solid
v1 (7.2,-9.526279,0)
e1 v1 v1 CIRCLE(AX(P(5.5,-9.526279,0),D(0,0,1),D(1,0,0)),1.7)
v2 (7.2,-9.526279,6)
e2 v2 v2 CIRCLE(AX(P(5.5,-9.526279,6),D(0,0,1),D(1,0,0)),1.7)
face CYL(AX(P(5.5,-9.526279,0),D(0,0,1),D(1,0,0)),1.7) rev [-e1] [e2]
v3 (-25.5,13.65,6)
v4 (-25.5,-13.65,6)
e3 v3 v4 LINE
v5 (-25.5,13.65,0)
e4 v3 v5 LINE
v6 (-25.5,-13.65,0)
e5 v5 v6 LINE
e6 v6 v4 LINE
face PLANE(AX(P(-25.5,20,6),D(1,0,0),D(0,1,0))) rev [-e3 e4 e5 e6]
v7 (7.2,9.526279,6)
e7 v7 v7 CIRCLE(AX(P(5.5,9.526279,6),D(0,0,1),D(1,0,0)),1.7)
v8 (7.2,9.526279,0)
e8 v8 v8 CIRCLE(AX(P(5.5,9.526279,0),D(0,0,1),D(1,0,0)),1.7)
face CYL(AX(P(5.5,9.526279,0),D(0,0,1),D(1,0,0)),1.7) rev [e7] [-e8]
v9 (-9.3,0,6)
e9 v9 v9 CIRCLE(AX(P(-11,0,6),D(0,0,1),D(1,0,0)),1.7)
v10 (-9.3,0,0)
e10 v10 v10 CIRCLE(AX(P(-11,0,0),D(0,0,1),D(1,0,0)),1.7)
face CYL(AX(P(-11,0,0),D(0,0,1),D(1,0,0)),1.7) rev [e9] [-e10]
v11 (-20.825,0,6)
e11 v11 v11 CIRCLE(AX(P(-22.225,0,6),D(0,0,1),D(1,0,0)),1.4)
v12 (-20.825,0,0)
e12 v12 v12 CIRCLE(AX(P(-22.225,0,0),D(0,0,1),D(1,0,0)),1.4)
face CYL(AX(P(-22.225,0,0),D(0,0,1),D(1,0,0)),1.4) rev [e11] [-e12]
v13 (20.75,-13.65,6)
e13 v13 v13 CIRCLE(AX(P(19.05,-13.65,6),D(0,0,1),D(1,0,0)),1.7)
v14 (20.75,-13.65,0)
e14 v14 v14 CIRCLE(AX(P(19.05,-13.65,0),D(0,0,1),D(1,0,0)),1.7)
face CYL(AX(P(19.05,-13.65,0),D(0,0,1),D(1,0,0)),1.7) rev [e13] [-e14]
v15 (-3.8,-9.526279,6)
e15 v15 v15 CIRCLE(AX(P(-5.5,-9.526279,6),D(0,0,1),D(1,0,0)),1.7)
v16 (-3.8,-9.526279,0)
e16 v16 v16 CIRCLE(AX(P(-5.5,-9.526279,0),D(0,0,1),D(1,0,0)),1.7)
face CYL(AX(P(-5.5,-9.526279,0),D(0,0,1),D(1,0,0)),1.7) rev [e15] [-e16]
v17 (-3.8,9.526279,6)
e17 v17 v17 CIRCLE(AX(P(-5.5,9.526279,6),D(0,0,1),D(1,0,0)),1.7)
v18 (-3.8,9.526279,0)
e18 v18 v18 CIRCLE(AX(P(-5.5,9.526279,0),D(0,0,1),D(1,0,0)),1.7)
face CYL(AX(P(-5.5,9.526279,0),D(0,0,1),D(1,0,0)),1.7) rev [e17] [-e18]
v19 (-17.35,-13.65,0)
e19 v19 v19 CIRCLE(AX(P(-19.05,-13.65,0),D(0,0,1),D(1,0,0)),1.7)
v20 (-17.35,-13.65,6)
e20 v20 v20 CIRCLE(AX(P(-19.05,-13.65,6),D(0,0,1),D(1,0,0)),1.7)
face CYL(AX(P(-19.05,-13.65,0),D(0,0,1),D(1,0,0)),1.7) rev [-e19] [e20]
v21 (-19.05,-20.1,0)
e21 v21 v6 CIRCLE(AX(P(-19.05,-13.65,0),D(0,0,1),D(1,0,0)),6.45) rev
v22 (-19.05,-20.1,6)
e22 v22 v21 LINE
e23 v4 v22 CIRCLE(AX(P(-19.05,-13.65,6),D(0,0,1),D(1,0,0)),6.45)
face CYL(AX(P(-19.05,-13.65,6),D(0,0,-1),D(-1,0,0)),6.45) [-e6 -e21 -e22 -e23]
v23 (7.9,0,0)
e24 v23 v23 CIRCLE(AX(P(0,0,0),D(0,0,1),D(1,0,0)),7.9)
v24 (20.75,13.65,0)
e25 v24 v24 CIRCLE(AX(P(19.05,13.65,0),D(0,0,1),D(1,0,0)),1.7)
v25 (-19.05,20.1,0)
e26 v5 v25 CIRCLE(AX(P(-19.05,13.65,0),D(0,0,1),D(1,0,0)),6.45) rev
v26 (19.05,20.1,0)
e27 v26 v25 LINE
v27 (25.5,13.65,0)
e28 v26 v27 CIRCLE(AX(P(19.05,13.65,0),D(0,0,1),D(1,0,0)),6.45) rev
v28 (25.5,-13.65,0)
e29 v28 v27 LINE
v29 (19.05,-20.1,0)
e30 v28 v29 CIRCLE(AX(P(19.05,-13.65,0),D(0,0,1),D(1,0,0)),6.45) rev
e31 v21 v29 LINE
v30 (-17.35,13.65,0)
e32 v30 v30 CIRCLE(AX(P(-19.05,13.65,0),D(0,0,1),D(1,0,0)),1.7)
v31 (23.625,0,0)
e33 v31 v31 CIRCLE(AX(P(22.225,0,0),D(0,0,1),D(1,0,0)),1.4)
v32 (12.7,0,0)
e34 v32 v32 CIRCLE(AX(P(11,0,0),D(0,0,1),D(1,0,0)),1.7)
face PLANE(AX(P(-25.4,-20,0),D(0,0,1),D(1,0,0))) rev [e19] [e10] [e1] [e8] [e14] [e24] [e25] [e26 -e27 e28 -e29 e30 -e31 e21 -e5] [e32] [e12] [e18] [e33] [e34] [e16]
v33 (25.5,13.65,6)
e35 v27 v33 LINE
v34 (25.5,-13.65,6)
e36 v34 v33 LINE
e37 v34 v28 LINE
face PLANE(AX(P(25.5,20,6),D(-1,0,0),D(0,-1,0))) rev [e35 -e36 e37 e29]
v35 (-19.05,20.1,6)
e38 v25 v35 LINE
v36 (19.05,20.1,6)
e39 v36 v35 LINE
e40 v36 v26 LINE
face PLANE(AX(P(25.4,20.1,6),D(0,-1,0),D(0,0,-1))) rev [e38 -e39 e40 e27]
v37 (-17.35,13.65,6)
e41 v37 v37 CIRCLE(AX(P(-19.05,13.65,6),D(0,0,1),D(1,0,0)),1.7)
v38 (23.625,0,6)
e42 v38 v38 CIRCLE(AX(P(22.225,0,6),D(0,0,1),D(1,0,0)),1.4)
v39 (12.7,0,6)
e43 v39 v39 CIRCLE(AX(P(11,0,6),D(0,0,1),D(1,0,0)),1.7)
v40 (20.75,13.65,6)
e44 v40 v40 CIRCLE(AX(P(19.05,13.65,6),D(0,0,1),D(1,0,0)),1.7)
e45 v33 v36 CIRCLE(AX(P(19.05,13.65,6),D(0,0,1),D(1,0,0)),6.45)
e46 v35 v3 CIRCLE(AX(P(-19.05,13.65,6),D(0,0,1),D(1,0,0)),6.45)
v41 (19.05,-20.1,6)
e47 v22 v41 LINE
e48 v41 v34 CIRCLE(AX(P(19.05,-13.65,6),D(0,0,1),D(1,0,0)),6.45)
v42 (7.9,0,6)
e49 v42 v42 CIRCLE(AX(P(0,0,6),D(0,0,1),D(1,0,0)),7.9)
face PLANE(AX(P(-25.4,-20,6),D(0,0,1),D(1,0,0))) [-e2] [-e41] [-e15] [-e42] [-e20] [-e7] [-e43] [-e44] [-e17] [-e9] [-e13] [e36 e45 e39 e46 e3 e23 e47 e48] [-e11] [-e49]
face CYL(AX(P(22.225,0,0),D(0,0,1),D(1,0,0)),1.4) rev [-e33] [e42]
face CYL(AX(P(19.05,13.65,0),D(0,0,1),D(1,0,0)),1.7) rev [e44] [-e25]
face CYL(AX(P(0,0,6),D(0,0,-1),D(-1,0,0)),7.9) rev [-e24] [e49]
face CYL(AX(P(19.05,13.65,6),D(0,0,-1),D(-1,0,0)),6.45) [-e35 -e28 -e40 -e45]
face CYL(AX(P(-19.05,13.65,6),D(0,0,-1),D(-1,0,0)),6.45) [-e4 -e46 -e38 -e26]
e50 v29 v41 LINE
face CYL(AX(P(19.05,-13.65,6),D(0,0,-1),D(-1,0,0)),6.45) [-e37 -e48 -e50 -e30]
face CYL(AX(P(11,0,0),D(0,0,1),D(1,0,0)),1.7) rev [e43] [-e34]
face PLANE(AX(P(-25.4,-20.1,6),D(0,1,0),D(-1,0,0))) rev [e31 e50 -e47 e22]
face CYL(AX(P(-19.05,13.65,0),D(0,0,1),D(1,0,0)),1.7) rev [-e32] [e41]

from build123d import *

# Parameters (mm, degrees)
SKETCH1_W           = 50.8
SKETCH1_H           = 40
SKETCH1_R           = 8
BOSS_EXTRUDE1_DEPTH = 6
FILLET1_R           = 6.35
SKETCH8_R           = 1.5
CUT_EXTRUDE1_DEPTH  = 33.880997552
SKETCH9_R           = 1.8
M3_THROUGH_DEPTH    = 33.880997552
MOVE_FACE2_BY       = 0.1
MOVE_FACE2_2_BY     = 0.1
MOVE_FACE2_3_BY     = 0.1
MOVE_FACE2_4_BY     = 0.1
MOVE_FACE2_5_BY     = 0.1
MOVE_FACE2_6_BY     = 0.1
MOVE_FACE2_7_BY     = 0.1
MOVE_FACE2_8_BY     = 0.1
MOVE_FACE2_9_BY     = 0.1
MOVE_FACE2_10_BY    = 0.1
MOVE_FACE2_11_BY    = 0.1
MOVE_FACE2_12_BY    = 0.1
MOVE_FACE2_13_BY    = 0.1
MOVE_FACE2_14_BY    = 0.1
MOVE_FACE2_15_BY    = 0.1
MOVE_FACE2_16_BY    = 0.1
MOVE_FACE2_17_BY    = 0.1
MOVE_FACE2_18_BY    = 0.1
MOVE_FACE2_19_BY    = 0.1
MOVE_FACE2_20_BY    = 0.1
MOVE_FACE2_21_BY    = 0.1


with BuildPart() as part:
    # Sketch1 → Boss-Extrude1 (new body)
    with BuildSketch(Plane.XY):
        Rectangle(SKETCH1_W, SKETCH1_H)
        Circle(SKETCH1_R, mode=Mode.SUBTRACT)
    extrude(amount=BOSS_EXTRUDE1_DEPTH)

    # Fillet1
    fillet1_edges = [part.edges().sort_by_distance(p)[0] for p in [
        (-25.4, 20, 3),
        (25.4, 20, 3),
        (25.4, -20, 3),
        (-25.4, -20, 3),
    ]]
    fillet(fillet1_edges, radius=FILLET1_R)

    # Sketch8 → Cut-Extrude1 (cut, through all)
    with BuildSketch(Plane.XY.offset(6)):
        with Locations((22.225, 0)):
            Circle(SKETCH8_R)
        with Locations((-22.225, 0)):
            Circle(SKETCH8_R)
    extrude(amount=-CUT_EXTRUDE1_DEPTH, mode=Mode.SUBTRACT)

    # Sketch9 → M3-through (cut, through all)
    with BuildSketch(Plane.XY.offset(6)):
        with Locations((-19.05, 13.65)):
            Circle(SKETCH9_R)
        with Locations(Location((-19.05, -13.65, 0), (0, 0, 180))):
            Circle(SKETCH9_R)
        with Locations((19.05, -13.65)):
            Circle(SKETCH9_R)
        with Locations(Location((19.05, 13.65, 0), (0, 0, 180))):
            Circle(SKETCH9_R)
        with Locations((11, 0)):
            Circle(SKETCH9_R)
        with Locations((5.5, -9.526279442)):
            Circle(SKETCH9_R)
        with Locations((-5.5, -9.526279442)):
            Circle(SKETCH9_R)
        with Locations((-11, 0)):
            Circle(SKETCH9_R)
        with Locations((-5.5, 9.526279442)):
            Circle(SKETCH9_R)
        with Locations((5.5, 9.526279442)):
            Circle(SKETCH9_R)
    extrude(amount=-M3_THROUGH_DEPTH, mode=Mode.SUBTRACT)

    # Move Face2: a face moved outward by 0.1
    extrude(part.faces().sort_by_distance((-25.4, 0, 3))[0], amount=MOVE_FACE2_BY, dir=(-1, 0, 0))

    # Move Face2 2: a curved face moved outward by 0.1
    add(Solid.thicken(part.faces().sort_by_distance((-23.540128061, 18.140128061, 3))[0], MOVE_FACE2_2_BY))

    # Move Face2 3: a face moved outward by 0.1
    extrude(part.faces().sort_by_distance((0, 20, 3))[0], amount=MOVE_FACE2_3_BY, dir=(0, 1, 0))

    # Move Face2 4: a curved face moved outward by 0.1
    add(Solid.thicken(part.faces().sort_by_distance((23.540128061, 18.140128061, 3))[0], MOVE_FACE2_4_BY))

    # Move Face2 5: a face moved outward by 0.1
    extrude(part.faces().sort_by_distance((25.4, 0, 3))[0], amount=MOVE_FACE2_5_BY, dir=(1, 0, 0))

    # Move Face2 6: a face moved outward by 0.1
    extrude(part.faces().sort_by_distance((0, -20, 3))[0], amount=MOVE_FACE2_6_BY, dir=(0, -1, 0))

    # Move Face2 7: a curved face moved outward by 0.1
    add(Solid.thicken(part.faces().sort_by_distance((-17.25, -13.65, 3))[0], MOVE_FACE2_7_BY))

    # Move Face2 8: a curved face moved outward by 0.1
    add(Solid.thicken(part.faces().sort_by_distance((-8, 0, 3))[0], MOVE_FACE2_8_BY))

    # Move Face2 9: a curved face moved outward by 0.1
    add(Solid.thicken(part.faces().sort_by_distance((20.725, 0, 3))[0], MOVE_FACE2_9_BY))

    # Move Face2 10: a curved face moved outward by 0.1
    add(Solid.thicken(part.faces().sort_by_distance((-23.725, 0, 3))[0], MOVE_FACE2_10_BY))

    # Move Face2 11: a curved face moved outward by 0.1
    add(Solid.thicken(part.faces().sort_by_distance((-20.85, 13.65, 3))[0], MOVE_FACE2_11_BY))

    # Move Face2 12: a curved face moved outward by 0.1
    add(Solid.thicken(part.faces().sort_by_distance((17.25, -13.65, 3))[0], MOVE_FACE2_12_BY))

    # Move Face2 13: a curved face moved outward by 0.1
    add(Solid.thicken(part.faces().sort_by_distance((20.85, 13.65, 3))[0], MOVE_FACE2_13_BY))

    # Move Face2 14: a curved face moved outward by 0.1
    add(Solid.thicken(part.faces().sort_by_distance((9.2, 0, 3))[0], MOVE_FACE2_14_BY))

    # Move Face2 15: a curved face moved outward by 0.1
    add(Solid.thicken(part.faces().sort_by_distance((3.7, -9.526279442, 3))[0], MOVE_FACE2_15_BY))

    # Move Face2 16: a curved face moved outward by 0.1
    add(Solid.thicken(part.faces().sort_by_distance((-7.3, -9.526279442, 3))[0], MOVE_FACE2_16_BY))

    # Move Face2 17: a curved face moved outward by 0.1
    add(Solid.thicken(part.faces().sort_by_distance((-12.8, 0, 3))[0], MOVE_FACE2_17_BY))

    # Move Face2 18: a curved face moved outward by 0.1
    add(Solid.thicken(part.faces().sort_by_distance((-7.3, 9.526279442, 3))[0], MOVE_FACE2_18_BY))

    # Move Face2 19: a curved face moved outward by 0.1
    add(Solid.thicken(part.faces().sort_by_distance((3.7, 9.526279442, 3))[0], MOVE_FACE2_19_BY))

    # Move Face2 20: a curved face moved outward by 0.1
    add(Solid.thicken(part.faces().sort_by_distance((-23.540128061, -18.140128061, 3))[0], MOVE_FACE2_20_BY))

    # Move Face2 21: a curved face moved outward by 0.1
    add(Solid.thicken(part.faces().sort_by_distance((23.540128061, -18.140128061, 3))[0], MOVE_FACE2_21_BY))


solid = part.part
